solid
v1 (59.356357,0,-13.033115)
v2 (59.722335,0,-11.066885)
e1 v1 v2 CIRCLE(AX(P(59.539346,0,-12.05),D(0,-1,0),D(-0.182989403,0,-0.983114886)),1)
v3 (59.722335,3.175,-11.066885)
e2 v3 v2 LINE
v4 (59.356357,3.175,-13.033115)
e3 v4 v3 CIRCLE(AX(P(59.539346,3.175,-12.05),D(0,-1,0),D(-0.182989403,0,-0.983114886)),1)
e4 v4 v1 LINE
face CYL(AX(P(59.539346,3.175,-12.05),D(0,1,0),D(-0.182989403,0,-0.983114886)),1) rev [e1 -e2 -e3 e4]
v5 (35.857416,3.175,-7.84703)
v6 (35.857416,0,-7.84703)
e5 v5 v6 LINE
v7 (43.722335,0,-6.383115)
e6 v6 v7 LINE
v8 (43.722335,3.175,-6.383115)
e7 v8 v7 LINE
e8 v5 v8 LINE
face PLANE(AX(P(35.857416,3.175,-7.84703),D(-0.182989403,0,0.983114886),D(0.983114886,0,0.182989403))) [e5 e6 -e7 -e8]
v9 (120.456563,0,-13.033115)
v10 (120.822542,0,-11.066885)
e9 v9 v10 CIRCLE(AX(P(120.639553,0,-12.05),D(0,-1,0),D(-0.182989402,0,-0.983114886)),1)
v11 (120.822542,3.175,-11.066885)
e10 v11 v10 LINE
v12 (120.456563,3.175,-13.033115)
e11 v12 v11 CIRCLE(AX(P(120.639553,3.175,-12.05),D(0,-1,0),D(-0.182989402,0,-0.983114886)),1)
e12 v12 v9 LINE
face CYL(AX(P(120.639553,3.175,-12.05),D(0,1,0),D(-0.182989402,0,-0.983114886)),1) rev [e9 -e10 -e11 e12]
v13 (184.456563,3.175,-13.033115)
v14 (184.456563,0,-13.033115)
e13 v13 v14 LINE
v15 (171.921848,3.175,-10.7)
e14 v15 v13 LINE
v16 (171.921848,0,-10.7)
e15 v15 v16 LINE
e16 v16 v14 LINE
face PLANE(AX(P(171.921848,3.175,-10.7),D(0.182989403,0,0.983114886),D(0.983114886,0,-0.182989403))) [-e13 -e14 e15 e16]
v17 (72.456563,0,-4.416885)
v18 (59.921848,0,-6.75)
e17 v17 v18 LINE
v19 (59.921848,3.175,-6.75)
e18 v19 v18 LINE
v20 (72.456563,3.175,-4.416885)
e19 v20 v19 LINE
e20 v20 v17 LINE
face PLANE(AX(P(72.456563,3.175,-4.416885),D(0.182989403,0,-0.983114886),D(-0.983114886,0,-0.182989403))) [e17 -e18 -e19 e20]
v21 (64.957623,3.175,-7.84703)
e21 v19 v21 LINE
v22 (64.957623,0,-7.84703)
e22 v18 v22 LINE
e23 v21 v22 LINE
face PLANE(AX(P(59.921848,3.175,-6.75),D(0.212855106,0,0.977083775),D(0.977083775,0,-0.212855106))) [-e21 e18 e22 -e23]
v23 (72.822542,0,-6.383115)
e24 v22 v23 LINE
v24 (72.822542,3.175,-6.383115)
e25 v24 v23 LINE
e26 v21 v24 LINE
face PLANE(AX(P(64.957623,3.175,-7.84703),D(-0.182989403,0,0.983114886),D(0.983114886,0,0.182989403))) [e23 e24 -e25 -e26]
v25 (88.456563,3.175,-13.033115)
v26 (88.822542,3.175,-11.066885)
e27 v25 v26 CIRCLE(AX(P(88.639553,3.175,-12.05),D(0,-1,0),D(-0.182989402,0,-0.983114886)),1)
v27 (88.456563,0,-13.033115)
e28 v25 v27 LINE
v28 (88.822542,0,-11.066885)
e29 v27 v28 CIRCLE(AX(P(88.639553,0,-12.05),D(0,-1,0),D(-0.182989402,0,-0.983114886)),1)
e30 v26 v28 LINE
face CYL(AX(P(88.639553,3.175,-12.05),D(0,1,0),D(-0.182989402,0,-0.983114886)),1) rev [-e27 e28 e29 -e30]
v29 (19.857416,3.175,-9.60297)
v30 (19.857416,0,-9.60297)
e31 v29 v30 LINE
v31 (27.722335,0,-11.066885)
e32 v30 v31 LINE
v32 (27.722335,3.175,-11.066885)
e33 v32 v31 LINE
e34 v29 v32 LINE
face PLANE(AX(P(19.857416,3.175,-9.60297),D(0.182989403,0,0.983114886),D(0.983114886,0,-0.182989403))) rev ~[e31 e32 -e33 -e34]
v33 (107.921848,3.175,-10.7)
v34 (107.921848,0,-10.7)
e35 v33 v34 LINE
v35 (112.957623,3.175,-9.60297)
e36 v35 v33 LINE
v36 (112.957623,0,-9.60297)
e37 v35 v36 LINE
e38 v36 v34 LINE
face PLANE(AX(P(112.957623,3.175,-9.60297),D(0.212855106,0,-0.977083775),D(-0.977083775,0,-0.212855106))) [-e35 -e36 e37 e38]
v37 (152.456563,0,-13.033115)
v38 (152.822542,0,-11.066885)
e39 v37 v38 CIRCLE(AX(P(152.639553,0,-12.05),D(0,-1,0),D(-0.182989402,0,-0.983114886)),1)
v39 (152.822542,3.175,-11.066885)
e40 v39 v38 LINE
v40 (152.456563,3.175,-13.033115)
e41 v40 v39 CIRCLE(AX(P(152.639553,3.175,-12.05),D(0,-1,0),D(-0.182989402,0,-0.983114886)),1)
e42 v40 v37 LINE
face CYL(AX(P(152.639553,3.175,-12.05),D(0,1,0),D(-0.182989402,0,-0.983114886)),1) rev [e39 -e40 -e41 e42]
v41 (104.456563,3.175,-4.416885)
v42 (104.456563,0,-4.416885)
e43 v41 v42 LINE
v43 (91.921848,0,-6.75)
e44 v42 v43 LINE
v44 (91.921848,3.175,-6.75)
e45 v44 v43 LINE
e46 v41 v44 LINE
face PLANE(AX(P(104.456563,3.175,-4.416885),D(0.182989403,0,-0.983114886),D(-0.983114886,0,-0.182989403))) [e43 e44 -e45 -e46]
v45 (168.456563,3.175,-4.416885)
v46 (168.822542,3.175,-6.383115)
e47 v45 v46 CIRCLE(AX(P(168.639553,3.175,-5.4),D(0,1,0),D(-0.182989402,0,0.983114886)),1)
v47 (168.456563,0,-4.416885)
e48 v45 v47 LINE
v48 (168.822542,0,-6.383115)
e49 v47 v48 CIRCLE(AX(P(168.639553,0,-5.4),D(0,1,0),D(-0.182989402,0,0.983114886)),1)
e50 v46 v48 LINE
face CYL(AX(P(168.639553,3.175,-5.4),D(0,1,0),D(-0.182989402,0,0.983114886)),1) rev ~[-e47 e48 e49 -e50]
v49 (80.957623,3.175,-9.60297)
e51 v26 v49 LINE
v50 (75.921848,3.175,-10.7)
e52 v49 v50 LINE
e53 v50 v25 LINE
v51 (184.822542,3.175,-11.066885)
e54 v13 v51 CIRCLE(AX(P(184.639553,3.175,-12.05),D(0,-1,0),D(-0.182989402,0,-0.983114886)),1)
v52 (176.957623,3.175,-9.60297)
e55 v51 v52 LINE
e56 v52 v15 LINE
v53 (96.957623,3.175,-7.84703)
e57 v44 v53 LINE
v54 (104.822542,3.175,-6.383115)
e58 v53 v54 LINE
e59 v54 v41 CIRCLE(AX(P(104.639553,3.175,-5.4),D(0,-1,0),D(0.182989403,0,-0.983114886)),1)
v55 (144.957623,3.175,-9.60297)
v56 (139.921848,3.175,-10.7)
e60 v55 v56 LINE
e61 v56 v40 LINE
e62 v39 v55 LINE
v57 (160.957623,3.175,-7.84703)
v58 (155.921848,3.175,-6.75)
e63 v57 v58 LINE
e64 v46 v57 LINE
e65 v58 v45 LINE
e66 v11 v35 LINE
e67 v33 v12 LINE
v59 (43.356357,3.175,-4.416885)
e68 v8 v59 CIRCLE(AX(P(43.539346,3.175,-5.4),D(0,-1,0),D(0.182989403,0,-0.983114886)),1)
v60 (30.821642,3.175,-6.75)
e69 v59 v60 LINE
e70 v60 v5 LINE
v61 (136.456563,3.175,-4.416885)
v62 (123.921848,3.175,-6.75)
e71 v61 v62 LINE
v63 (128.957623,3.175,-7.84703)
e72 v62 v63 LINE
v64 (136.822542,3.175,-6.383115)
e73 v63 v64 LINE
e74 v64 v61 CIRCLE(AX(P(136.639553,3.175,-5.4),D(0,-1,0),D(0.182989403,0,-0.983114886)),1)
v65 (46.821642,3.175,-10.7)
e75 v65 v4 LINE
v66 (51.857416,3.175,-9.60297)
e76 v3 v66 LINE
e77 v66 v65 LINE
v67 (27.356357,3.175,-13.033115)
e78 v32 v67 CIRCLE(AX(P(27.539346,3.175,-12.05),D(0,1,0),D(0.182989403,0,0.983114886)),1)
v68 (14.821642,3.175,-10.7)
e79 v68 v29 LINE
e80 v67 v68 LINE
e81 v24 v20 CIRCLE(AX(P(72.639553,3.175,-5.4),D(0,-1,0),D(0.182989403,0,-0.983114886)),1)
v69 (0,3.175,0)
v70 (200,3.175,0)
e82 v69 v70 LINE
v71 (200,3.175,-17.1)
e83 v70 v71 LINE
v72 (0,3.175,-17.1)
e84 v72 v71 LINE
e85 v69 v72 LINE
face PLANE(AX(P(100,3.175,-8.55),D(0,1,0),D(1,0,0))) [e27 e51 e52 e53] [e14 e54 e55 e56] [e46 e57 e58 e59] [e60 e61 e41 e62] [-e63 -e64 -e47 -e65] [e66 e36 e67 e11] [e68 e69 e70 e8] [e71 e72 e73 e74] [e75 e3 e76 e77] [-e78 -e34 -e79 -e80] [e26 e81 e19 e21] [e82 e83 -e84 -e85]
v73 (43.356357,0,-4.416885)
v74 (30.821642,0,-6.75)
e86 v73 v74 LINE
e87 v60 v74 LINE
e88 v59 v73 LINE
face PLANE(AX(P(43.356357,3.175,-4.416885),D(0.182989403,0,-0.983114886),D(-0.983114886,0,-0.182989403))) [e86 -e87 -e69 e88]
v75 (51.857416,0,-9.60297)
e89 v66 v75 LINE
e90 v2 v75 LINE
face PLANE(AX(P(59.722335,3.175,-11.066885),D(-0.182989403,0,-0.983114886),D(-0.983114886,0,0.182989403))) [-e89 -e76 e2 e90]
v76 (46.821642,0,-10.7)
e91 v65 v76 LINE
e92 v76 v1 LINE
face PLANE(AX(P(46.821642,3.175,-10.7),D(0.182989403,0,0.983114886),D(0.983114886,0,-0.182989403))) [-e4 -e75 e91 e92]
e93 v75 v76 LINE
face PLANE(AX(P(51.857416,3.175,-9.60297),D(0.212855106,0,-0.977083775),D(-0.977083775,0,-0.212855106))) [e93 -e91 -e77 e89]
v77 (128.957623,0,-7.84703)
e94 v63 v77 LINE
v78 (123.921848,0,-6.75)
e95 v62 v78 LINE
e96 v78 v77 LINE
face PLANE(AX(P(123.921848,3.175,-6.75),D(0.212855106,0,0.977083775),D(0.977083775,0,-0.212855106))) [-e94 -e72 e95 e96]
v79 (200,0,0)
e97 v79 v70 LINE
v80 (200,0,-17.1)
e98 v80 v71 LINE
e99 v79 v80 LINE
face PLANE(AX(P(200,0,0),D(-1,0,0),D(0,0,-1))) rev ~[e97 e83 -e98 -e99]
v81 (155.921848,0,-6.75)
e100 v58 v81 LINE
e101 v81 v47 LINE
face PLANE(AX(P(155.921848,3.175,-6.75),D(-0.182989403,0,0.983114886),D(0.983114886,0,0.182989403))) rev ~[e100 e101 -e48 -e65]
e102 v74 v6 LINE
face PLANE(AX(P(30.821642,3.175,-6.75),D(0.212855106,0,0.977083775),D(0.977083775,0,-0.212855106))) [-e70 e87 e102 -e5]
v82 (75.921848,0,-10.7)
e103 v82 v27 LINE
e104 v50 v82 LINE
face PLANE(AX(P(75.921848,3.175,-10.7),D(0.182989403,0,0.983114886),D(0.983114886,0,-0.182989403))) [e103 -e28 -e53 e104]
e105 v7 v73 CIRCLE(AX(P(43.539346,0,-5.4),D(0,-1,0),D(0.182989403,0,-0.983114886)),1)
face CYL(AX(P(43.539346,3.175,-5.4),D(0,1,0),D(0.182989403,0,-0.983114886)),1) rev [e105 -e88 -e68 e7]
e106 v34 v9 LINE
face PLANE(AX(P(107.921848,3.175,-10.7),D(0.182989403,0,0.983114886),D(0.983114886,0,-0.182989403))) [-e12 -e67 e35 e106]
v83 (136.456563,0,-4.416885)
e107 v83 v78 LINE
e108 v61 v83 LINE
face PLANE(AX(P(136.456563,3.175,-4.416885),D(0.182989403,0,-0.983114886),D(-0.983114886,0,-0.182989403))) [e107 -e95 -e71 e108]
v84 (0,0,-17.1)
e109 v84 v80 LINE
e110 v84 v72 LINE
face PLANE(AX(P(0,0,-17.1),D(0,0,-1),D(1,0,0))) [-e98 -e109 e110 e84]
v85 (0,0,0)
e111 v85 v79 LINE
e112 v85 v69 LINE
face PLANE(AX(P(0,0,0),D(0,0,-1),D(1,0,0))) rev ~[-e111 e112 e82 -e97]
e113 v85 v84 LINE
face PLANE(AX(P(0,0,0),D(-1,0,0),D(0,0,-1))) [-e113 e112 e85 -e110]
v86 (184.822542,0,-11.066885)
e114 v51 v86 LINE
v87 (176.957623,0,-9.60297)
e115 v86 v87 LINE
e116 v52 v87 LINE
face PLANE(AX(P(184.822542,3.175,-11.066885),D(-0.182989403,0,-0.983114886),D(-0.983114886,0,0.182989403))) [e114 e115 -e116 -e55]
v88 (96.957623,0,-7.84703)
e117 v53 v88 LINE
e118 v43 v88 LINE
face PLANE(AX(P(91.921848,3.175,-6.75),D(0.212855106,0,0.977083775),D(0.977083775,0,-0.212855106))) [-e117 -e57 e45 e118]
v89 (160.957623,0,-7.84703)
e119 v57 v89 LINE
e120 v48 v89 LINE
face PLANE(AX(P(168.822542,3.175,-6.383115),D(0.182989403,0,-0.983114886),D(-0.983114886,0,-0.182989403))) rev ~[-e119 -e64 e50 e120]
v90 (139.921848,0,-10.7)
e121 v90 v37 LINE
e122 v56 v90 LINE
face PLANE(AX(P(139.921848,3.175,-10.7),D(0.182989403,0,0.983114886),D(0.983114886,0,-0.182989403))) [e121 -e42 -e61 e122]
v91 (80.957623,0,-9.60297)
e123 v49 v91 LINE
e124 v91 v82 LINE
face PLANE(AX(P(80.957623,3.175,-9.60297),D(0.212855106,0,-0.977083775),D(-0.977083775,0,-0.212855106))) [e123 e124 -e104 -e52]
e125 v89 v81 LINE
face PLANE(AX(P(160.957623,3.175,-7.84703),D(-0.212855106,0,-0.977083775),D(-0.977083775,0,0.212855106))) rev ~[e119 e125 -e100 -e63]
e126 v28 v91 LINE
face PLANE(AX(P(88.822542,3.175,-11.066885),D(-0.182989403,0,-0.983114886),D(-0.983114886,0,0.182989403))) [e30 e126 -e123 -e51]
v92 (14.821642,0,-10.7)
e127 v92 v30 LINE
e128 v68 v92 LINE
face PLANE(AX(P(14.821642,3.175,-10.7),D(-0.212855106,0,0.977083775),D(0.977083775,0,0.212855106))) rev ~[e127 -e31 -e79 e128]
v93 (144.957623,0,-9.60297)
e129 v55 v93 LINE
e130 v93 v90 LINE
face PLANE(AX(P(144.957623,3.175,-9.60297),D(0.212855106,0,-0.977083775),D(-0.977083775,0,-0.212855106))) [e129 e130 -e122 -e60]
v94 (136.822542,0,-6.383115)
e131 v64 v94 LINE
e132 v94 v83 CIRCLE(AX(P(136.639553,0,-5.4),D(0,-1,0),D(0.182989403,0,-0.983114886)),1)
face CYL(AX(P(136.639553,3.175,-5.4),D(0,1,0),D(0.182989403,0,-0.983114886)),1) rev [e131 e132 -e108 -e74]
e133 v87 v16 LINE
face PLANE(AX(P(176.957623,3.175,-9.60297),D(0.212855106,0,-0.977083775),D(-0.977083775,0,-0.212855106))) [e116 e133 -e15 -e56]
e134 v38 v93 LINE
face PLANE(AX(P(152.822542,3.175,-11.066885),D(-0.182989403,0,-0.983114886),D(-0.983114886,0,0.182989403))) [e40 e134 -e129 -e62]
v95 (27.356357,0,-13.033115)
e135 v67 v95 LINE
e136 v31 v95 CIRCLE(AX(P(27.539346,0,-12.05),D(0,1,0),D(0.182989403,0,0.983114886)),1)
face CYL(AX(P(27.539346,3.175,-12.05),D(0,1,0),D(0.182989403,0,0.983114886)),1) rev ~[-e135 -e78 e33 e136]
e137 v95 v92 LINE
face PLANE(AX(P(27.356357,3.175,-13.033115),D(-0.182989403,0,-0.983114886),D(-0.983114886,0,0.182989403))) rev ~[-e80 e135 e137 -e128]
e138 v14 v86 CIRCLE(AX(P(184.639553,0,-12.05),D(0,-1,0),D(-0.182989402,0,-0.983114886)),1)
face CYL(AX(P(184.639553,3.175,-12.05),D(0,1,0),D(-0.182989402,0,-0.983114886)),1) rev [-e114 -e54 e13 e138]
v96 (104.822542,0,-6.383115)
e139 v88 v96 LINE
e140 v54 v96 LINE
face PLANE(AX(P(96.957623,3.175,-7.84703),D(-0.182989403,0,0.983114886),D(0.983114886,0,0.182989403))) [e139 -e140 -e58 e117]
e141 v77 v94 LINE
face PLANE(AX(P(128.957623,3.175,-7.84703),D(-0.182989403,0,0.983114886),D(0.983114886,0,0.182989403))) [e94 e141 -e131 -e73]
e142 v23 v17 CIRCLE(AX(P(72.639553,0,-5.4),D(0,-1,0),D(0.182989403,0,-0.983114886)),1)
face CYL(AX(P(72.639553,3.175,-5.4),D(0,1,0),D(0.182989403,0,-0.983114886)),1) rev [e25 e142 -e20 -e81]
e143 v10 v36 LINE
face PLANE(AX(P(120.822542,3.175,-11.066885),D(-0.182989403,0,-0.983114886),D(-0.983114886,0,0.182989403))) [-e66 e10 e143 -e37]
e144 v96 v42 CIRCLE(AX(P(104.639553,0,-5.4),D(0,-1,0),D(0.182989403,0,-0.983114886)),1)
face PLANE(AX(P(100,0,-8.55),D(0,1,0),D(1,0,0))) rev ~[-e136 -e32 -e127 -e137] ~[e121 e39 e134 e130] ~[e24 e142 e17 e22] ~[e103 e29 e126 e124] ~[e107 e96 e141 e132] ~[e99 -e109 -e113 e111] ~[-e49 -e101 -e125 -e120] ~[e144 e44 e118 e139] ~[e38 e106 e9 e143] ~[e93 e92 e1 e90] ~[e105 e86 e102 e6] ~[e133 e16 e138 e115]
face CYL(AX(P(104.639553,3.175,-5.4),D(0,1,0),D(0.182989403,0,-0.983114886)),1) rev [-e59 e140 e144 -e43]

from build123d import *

# Parameters (mm, degrees)
SKETCH4_W           = 200
SKETCH4_H           = 17.1
BOSS_EXTRUDE2_DEPTH = 3.175
CUT_EXTRUDE3_DEPTH  = 3.175


with BuildPart() as part:
    # Sketch4 → Boss-Extrude2 (new body)
    with BuildSketch(Plane(origin=(0, 0, 0), x_dir=(1, 0, 0), z_dir=(0, 1, 0))):
        with Locations((100, 8.55)):
            Rectangle(SKETCH4_W, SKETCH4_H)
    extrude(amount=BOSS_EXTRUDE2_DEPTH)

    # Sketch5 → Cut-Extrude3 (cut)
    with BuildSketch(Plane(origin=(0, 3.175, 0), x_dir=(1, 0, 0), z_dir=(0, 1, 0))):
        with BuildLine():
            ThreePointArc((59.356356651, 13.033114886), (60.52246094, 12.232989403), (59.722335457, 11.066885114))
            Line((59.722335457, 11.066885114), (51.857416371, 9.602969892))
            Line((51.857416371, 9.602969892), (46.821641859, 10.7))
            Line((46.821641859, 10.7), (59.356356651, 13.033114886))
        make_face()
        with BuildLine():
            ThreePointArc((72.822542019, 6.383114886), (73.622667502, 5.217010597), (72.456563214, 4.416885114))
            Line((72.456563214, 4.416885114), (59.921848421, 6.75))
            Line((59.921848421, 6.75), (64.957622934, 7.847030108))
            Line((64.957622934, 7.847030108), (72.822542019, 6.383114886))
        make_face()
        with BuildLine():
            ThreePointArc((88.456563214, 13.033114886), (89.622667502, 12.232989403), (88.822542019, 11.066885114))
            Line((88.822542019, 11.066885114), (80.957622934, 9.602969892))
            Line((80.957622934, 9.602969892), (75.921848421, 10.7))
            Line((75.921848421, 10.7), (88.456563214, 13.033114886))
        make_face()
        with BuildLine():
            ThreePointArc((104.822542019, 6.383114886), (105.622667502, 5.217010597), (104.456563214, 4.416885114))
            Line((104.456563214, 4.416885114), (91.921848421, 6.75))
            Line((91.921848421, 6.75), (96.957622934, 7.847030108))
            Line((96.957622934, 7.847030108), (104.822542019, 6.383114886))
        make_face()
        with BuildLine():
            ThreePointArc((120.456563214, 13.033114886), (121.622667502, 12.232989403), (120.822542019, 11.066885114))
            Line((120.822542019, 11.066885114), (112.957622934, 9.602969892))
            Line((112.957622934, 9.602969892), (107.921848421, 10.7))
            Line((107.921848421, 10.7), (120.456563214, 13.033114886))
        make_face()
        with BuildLine():
            ThreePointArc((152.456563214, 13.033114886), (153.622667502, 12.232989403), (152.822542019, 11.066885114))
            Line((152.822542019, 11.066885114), (144.957622934, 9.602969892))
            Line((144.957622934, 9.602969892), (139.921848421, 10.7))
            Line((139.921848421, 10.7), (152.456563214, 13.033114886))
        make_face()
        with BuildLine():
            ThreePointArc((184.456563214, 13.033114886), (185.622667502, 12.232989403), (184.822542019, 11.066885114))
            Line((184.822542019, 11.066885114), (176.957622934, 9.602969892))
            Line((176.957622934, 9.602969892), (171.921848421, 10.7))
            Line((171.921848421, 10.7), (184.456563214, 13.033114886))
        make_face()
        with BuildLine():
            Line((14.821641859, 10.7), (19.857416371, 9.602969892))
            Line((19.857416371, 9.602969892), (27.722335457, 11.066885114))
            ThreePointArc((27.722335457, 11.066885114), (28.52246094, 12.232989403), (27.356356651, 13.033114886))
            Line((27.356356651, 13.033114886), (14.821641859, 10.7))
        make_face()
        with BuildLine():
            Line((35.857416371, 7.847030108), (43.722335457, 6.383114886))
            ThreePointArc((43.722335457, 6.383114886), (44.52246094, 5.217010597), (43.356356651, 4.416885114))
            Line((43.356356651, 4.416885114), (30.821641859, 6.75))
            Line((30.821641859, 6.75), (35.857416371, 7.847030108))
        make_face()
        with BuildLine():
            Line((128.957622934, 7.847030108), (136.822542019, 6.383114886))
            ThreePointArc((136.822542019, 6.383114886), (137.622667502, 5.217010597), (136.456563214, 4.416885114))
            Line((136.456563214, 4.416885114), (123.921848421, 6.75))
            Line((123.921848421, 6.75), (128.957622934, 7.847030108))
        make_face()
        with BuildLine():
            Line((155.921848421, 6.75), (168.456563214, 4.416885114))
            ThreePointArc((168.456563214, 4.416885114), (169.622667502, 5.217010597), (168.822542019, 6.383114886))
            Line((168.822542019, 6.383114886), (160.957622934, 7.847030108))
            Line((160.957622934, 7.847030108), (155.921848421, 6.75))
        make_face()
    extrude(amount=-CUT_EXTRUDE3_DEPTH, mode=Mode.SUBTRACT)


solid = part.part
